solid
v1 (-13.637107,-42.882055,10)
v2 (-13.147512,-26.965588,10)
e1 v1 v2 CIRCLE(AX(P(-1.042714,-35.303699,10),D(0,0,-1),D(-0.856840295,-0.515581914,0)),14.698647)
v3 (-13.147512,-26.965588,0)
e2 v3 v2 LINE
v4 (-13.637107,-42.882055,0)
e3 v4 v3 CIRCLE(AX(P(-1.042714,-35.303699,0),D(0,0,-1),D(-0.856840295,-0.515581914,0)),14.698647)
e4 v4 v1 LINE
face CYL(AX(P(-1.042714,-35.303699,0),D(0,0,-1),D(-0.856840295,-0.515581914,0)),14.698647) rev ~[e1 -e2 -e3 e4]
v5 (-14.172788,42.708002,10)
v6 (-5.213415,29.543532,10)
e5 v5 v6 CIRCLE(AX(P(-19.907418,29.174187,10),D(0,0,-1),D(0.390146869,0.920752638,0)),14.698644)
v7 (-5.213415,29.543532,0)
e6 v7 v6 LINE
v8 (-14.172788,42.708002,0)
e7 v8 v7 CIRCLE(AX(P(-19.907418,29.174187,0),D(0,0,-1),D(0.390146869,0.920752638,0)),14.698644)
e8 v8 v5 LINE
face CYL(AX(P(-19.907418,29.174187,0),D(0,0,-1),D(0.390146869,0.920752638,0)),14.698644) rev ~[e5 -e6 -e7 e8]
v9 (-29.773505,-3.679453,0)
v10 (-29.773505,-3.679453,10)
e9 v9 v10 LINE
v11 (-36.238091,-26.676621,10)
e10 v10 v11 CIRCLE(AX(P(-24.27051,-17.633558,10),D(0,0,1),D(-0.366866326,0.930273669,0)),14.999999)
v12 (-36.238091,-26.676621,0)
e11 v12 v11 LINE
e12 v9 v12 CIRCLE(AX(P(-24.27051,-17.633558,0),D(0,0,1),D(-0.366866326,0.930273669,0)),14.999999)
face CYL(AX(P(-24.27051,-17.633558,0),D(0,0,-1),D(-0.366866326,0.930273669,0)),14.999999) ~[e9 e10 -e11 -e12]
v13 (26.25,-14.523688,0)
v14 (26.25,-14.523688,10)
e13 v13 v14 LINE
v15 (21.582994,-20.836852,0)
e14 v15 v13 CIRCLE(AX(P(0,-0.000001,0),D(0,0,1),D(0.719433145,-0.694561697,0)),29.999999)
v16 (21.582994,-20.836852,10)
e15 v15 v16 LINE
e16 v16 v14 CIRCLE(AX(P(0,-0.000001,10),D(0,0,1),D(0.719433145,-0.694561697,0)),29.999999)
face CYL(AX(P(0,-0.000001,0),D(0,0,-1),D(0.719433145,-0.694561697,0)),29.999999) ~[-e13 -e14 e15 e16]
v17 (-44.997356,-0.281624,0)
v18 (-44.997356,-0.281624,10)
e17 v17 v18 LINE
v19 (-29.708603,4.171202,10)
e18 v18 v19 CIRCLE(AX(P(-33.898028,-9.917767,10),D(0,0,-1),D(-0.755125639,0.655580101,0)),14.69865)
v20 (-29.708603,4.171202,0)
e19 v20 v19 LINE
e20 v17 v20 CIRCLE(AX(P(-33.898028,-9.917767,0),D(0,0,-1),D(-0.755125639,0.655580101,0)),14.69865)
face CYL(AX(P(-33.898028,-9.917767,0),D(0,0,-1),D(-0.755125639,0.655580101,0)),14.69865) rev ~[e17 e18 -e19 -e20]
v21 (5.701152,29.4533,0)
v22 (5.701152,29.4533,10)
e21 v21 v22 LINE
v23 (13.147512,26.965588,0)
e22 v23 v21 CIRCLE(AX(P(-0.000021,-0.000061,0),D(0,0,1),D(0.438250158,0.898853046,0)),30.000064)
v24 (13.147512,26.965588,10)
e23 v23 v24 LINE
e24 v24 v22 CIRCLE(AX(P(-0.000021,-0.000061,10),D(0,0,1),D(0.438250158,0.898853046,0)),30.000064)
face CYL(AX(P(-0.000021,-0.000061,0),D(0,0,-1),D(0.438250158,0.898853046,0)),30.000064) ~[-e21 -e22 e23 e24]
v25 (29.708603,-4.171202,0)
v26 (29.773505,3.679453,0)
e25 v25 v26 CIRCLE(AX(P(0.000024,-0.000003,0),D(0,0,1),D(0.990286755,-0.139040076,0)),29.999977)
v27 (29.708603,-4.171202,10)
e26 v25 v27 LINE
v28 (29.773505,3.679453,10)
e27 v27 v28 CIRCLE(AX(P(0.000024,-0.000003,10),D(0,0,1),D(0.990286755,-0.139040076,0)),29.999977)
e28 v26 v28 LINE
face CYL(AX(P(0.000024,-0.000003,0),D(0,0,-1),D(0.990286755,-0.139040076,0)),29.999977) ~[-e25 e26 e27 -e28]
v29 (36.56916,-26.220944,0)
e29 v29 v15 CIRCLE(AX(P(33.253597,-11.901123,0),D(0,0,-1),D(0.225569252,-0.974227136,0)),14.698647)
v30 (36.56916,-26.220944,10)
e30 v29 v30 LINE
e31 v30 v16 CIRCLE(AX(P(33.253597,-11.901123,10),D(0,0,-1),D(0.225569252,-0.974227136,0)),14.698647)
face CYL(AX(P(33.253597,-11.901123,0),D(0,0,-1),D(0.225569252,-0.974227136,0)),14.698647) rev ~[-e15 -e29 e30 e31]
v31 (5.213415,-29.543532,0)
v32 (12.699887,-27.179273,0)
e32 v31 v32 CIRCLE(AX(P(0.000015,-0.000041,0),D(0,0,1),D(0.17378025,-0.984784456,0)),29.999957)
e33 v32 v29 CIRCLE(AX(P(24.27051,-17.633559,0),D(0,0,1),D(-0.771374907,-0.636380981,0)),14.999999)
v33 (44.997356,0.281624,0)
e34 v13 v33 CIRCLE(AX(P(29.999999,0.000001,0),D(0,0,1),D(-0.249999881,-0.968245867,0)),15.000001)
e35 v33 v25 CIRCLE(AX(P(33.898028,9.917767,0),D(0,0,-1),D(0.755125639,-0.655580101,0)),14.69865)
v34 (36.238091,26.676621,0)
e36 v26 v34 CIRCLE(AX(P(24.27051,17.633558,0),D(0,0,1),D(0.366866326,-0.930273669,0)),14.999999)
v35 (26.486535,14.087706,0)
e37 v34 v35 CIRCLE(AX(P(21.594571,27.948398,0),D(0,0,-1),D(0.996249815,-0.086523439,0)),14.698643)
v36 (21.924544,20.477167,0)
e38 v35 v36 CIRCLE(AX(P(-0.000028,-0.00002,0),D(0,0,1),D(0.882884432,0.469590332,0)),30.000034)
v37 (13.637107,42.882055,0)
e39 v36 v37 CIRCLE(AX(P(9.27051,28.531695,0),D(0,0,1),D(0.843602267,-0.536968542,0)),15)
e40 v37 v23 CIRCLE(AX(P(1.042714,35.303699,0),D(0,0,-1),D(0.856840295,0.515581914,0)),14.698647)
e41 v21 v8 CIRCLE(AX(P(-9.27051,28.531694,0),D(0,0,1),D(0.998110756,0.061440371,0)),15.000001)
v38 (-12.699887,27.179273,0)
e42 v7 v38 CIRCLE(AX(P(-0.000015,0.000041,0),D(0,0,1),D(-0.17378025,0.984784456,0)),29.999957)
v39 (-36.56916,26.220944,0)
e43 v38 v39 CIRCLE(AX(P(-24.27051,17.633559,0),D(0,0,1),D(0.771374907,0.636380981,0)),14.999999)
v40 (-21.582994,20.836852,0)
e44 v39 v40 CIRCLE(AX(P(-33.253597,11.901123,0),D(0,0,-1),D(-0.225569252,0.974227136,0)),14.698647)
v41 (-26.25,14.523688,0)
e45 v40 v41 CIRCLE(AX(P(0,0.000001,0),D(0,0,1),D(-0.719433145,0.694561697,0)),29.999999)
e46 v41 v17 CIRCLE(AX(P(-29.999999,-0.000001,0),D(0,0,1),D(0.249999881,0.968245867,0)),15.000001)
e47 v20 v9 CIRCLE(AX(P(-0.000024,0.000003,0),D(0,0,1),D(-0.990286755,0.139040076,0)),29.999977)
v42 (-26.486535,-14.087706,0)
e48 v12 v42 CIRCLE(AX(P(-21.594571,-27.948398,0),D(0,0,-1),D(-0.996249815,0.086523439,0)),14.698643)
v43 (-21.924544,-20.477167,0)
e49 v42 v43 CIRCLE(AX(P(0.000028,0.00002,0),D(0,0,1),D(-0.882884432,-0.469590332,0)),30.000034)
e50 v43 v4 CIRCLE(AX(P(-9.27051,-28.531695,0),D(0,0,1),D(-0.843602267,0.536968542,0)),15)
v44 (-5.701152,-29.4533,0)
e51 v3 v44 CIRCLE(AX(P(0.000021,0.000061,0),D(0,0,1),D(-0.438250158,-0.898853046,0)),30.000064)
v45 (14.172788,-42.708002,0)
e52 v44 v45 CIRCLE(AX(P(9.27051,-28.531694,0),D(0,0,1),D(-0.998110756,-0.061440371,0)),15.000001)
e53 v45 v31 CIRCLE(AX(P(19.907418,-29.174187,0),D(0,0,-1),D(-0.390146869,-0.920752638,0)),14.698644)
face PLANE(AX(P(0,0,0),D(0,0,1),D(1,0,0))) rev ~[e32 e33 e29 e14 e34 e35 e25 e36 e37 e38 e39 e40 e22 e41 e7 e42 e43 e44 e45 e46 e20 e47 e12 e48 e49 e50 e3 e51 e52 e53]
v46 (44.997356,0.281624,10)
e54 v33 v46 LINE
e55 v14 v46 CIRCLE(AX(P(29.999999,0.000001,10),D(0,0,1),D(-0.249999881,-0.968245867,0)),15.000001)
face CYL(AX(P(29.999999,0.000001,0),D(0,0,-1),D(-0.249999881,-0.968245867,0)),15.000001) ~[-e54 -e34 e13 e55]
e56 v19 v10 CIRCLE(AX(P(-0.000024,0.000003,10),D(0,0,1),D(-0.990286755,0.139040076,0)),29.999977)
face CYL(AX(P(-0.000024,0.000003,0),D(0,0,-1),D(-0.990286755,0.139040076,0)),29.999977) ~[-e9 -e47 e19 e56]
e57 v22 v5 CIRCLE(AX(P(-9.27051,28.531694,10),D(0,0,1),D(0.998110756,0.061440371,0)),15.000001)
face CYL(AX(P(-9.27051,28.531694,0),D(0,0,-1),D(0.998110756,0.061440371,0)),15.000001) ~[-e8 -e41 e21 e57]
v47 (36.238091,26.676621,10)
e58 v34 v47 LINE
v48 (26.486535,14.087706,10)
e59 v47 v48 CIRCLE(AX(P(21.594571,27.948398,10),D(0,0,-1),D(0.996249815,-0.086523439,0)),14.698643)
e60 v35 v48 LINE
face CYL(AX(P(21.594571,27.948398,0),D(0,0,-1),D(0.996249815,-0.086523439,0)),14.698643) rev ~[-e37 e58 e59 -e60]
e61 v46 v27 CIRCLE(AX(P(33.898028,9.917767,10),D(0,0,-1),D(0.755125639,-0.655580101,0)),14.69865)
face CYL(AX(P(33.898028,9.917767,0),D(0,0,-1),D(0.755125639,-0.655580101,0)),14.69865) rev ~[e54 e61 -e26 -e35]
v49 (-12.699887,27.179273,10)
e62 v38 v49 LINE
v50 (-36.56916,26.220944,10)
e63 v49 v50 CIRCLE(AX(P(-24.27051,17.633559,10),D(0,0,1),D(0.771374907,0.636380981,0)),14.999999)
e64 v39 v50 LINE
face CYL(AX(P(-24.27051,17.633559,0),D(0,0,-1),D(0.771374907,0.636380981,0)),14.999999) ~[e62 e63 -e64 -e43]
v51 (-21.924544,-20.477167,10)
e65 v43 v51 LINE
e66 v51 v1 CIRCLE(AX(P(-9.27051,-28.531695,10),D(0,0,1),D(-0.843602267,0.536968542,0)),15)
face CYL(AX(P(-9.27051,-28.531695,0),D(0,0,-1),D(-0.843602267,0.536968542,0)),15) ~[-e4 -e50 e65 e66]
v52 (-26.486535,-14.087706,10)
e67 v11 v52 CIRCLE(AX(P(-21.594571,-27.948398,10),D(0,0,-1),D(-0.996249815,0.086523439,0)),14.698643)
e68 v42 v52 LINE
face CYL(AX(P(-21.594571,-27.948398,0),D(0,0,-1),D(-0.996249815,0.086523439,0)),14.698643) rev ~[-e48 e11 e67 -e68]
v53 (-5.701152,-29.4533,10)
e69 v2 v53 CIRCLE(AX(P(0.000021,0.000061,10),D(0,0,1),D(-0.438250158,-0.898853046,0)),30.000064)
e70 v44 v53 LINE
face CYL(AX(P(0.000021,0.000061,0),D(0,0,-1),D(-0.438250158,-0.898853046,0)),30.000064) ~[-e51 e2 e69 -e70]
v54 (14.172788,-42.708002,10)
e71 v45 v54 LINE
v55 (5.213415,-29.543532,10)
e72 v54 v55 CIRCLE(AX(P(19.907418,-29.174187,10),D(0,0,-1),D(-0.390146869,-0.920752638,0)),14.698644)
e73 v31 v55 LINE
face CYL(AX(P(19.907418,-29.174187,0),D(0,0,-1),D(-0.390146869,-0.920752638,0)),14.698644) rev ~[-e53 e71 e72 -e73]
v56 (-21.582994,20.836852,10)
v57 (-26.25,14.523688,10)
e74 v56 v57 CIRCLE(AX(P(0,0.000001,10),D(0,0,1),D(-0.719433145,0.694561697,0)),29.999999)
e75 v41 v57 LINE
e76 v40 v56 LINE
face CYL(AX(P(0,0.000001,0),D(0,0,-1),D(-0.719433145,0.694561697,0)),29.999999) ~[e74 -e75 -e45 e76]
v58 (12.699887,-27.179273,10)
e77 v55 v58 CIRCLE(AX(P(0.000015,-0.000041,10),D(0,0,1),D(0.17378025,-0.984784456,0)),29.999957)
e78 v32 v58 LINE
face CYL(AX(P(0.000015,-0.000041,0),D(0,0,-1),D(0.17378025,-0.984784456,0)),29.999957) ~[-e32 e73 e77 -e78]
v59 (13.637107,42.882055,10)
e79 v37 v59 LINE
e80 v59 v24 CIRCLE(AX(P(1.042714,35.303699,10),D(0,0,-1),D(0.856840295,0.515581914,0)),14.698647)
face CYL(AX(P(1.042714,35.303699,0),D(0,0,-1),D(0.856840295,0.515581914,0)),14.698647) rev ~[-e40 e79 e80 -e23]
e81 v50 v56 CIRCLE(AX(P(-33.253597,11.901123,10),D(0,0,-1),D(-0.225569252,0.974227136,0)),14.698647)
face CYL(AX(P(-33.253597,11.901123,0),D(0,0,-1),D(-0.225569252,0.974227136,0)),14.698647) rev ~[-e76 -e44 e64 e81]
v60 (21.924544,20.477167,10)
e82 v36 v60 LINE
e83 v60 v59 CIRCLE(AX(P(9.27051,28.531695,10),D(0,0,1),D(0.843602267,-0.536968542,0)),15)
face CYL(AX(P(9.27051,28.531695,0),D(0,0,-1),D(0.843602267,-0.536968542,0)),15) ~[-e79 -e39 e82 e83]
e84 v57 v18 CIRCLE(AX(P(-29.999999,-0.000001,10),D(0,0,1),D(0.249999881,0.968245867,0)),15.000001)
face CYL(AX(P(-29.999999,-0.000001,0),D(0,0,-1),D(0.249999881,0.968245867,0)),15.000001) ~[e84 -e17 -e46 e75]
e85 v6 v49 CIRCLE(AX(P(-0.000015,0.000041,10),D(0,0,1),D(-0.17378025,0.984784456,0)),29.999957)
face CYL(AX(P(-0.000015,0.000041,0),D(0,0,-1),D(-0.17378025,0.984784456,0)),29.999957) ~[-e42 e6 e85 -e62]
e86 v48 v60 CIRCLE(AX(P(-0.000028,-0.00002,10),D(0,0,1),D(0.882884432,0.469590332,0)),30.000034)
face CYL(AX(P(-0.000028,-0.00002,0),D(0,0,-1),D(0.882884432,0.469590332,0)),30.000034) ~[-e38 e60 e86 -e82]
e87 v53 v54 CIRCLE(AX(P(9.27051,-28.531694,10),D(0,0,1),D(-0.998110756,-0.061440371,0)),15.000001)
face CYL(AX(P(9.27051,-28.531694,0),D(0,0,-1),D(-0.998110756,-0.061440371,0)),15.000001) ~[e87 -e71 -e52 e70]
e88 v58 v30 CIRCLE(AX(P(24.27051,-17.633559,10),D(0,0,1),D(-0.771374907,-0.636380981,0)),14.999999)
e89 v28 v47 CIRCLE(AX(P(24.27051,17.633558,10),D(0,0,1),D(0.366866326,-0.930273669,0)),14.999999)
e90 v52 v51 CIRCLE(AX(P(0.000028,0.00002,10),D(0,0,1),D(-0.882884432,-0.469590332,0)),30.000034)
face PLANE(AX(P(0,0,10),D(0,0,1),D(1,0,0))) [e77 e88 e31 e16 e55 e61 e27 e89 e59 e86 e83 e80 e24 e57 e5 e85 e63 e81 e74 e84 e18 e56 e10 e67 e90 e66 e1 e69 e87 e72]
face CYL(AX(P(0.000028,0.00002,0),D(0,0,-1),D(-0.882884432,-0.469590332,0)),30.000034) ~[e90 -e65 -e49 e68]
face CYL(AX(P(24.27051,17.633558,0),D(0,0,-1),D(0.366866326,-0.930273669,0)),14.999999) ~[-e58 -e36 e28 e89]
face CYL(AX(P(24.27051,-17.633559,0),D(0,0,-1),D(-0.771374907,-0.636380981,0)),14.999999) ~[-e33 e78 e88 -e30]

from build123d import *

# Parameters (mm, degrees)
F1_DEPTH = 10


with BuildPart() as f1:
    # F0 (on Top) → F1 (new body)
    with BuildSketch(Plane.XY):
        with BuildLine():
            ThreePointArc((-44.997356, -0.281624), (-38.008211, 4.194523), (-29.708603, 4.171202))
            ThreePointArc((-29.708603, 4.171202), (-29.998975, 0.248007), (-29.773505, -3.679453))
            ThreePointArc((-29.773505, -3.679453), (-38.710825, -13.574334), (-36.238091, -26.676621))
            ThreePointArc((-36.238091, -26.676621), (-33.214768, -18.947225), (-26.486535, -14.087706))
            ThreePointArc((-26.486535, -14.087706), (-24.415455, -17.432313), (-21.924544, -20.477167))
            ThreePointArc((-21.924544, -20.477167), (-23.338922, -33.735519), (-13.637107, -42.882055))
            ThreePointArc((-13.637107, -42.882055), (-15.734412, -34.851778), (-13.147512, -26.965588))
            ThreePointArc((-13.147512, -26.965588), (-9.506061, -28.454082), (-5.701152, -29.4533))
            ThreePointArc((-5.701152, -29.4533), (0.947656, -41.010882), (14.172788, -42.708002))
            ThreePointArc((14.172788, -42.708002), (7.755954, -37.444136), (5.213415, -29.543532))
            ThreePointArc((5.213415, -29.543532), (9.034325, -28.607359), (12.699887, -27.179273))
            ThreePointArc((12.699887, -27.179273), (24.872261, -32.621483), (36.56916, -26.220944))
            ThreePointArc((36.56916, -26.220944), (28.28381, -25.734107), (21.582994, -20.836852))
            ThreePointArc((21.582994, -20.836852), (24.123906, -17.833597), (26.25, -14.523688))
            ThreePointArc((26.25, -14.523688), (39.296508, -11.771785), (44.997356, 0.281624))
            ThreePointArc((44.997356, 0.281624), (38.008211, -4.194523), (29.708603, -4.171202))
            ThreePointArc((29.708603, -4.171202), (29.998975, -0.248007), (29.773505, 3.679453))
            ThreePointArc((29.773505, 3.679453), (38.710825, 13.574334), (36.238091, 26.676621))
            ThreePointArc((36.238091, 26.676621), (33.214768, 18.947225), (26.486535, 14.087706))
            ThreePointArc((26.486535, 14.087706), (24.415455, 17.432313), (21.924544, 20.477167))
            ThreePointArc((21.924544, 20.477167), (23.338922, 33.735519), (13.637107, 42.882055))
            ThreePointArc((13.637107, 42.882055), (15.734412, 34.851778), (13.147512, 26.965588))
            ThreePointArc((13.147512, 26.965588), (9.506061, 28.454082), (5.701152, 29.4533))
            ThreePointArc((5.701152, 29.4533), (-0.947656, 41.010882), (-14.172788, 42.708002))
            ThreePointArc((-14.172788, 42.708002), (-7.755954, 37.444136), (-5.213415, 29.543532))
            ThreePointArc((-5.213415, 29.543532), (-9.034325, 28.607359), (-12.699887, 27.179273))
            ThreePointArc((-12.699887, 27.179273), (-24.872261, 32.621483), (-36.56916, 26.220944))
            ThreePointArc((-36.56916, 26.220944), (-28.28381, 25.734107), (-21.582994, 20.836852))
            ThreePointArc((-21.582994, 20.836852), (-24.123906, 17.833597), (-26.25, 14.523688))
            ThreePointArc((-26.25, 14.523688), (-39.296508, 11.771785), (-44.997356, -0.281624))
        make_face()
    extrude(amount=F1_DEPTH)


solid = f1.part
